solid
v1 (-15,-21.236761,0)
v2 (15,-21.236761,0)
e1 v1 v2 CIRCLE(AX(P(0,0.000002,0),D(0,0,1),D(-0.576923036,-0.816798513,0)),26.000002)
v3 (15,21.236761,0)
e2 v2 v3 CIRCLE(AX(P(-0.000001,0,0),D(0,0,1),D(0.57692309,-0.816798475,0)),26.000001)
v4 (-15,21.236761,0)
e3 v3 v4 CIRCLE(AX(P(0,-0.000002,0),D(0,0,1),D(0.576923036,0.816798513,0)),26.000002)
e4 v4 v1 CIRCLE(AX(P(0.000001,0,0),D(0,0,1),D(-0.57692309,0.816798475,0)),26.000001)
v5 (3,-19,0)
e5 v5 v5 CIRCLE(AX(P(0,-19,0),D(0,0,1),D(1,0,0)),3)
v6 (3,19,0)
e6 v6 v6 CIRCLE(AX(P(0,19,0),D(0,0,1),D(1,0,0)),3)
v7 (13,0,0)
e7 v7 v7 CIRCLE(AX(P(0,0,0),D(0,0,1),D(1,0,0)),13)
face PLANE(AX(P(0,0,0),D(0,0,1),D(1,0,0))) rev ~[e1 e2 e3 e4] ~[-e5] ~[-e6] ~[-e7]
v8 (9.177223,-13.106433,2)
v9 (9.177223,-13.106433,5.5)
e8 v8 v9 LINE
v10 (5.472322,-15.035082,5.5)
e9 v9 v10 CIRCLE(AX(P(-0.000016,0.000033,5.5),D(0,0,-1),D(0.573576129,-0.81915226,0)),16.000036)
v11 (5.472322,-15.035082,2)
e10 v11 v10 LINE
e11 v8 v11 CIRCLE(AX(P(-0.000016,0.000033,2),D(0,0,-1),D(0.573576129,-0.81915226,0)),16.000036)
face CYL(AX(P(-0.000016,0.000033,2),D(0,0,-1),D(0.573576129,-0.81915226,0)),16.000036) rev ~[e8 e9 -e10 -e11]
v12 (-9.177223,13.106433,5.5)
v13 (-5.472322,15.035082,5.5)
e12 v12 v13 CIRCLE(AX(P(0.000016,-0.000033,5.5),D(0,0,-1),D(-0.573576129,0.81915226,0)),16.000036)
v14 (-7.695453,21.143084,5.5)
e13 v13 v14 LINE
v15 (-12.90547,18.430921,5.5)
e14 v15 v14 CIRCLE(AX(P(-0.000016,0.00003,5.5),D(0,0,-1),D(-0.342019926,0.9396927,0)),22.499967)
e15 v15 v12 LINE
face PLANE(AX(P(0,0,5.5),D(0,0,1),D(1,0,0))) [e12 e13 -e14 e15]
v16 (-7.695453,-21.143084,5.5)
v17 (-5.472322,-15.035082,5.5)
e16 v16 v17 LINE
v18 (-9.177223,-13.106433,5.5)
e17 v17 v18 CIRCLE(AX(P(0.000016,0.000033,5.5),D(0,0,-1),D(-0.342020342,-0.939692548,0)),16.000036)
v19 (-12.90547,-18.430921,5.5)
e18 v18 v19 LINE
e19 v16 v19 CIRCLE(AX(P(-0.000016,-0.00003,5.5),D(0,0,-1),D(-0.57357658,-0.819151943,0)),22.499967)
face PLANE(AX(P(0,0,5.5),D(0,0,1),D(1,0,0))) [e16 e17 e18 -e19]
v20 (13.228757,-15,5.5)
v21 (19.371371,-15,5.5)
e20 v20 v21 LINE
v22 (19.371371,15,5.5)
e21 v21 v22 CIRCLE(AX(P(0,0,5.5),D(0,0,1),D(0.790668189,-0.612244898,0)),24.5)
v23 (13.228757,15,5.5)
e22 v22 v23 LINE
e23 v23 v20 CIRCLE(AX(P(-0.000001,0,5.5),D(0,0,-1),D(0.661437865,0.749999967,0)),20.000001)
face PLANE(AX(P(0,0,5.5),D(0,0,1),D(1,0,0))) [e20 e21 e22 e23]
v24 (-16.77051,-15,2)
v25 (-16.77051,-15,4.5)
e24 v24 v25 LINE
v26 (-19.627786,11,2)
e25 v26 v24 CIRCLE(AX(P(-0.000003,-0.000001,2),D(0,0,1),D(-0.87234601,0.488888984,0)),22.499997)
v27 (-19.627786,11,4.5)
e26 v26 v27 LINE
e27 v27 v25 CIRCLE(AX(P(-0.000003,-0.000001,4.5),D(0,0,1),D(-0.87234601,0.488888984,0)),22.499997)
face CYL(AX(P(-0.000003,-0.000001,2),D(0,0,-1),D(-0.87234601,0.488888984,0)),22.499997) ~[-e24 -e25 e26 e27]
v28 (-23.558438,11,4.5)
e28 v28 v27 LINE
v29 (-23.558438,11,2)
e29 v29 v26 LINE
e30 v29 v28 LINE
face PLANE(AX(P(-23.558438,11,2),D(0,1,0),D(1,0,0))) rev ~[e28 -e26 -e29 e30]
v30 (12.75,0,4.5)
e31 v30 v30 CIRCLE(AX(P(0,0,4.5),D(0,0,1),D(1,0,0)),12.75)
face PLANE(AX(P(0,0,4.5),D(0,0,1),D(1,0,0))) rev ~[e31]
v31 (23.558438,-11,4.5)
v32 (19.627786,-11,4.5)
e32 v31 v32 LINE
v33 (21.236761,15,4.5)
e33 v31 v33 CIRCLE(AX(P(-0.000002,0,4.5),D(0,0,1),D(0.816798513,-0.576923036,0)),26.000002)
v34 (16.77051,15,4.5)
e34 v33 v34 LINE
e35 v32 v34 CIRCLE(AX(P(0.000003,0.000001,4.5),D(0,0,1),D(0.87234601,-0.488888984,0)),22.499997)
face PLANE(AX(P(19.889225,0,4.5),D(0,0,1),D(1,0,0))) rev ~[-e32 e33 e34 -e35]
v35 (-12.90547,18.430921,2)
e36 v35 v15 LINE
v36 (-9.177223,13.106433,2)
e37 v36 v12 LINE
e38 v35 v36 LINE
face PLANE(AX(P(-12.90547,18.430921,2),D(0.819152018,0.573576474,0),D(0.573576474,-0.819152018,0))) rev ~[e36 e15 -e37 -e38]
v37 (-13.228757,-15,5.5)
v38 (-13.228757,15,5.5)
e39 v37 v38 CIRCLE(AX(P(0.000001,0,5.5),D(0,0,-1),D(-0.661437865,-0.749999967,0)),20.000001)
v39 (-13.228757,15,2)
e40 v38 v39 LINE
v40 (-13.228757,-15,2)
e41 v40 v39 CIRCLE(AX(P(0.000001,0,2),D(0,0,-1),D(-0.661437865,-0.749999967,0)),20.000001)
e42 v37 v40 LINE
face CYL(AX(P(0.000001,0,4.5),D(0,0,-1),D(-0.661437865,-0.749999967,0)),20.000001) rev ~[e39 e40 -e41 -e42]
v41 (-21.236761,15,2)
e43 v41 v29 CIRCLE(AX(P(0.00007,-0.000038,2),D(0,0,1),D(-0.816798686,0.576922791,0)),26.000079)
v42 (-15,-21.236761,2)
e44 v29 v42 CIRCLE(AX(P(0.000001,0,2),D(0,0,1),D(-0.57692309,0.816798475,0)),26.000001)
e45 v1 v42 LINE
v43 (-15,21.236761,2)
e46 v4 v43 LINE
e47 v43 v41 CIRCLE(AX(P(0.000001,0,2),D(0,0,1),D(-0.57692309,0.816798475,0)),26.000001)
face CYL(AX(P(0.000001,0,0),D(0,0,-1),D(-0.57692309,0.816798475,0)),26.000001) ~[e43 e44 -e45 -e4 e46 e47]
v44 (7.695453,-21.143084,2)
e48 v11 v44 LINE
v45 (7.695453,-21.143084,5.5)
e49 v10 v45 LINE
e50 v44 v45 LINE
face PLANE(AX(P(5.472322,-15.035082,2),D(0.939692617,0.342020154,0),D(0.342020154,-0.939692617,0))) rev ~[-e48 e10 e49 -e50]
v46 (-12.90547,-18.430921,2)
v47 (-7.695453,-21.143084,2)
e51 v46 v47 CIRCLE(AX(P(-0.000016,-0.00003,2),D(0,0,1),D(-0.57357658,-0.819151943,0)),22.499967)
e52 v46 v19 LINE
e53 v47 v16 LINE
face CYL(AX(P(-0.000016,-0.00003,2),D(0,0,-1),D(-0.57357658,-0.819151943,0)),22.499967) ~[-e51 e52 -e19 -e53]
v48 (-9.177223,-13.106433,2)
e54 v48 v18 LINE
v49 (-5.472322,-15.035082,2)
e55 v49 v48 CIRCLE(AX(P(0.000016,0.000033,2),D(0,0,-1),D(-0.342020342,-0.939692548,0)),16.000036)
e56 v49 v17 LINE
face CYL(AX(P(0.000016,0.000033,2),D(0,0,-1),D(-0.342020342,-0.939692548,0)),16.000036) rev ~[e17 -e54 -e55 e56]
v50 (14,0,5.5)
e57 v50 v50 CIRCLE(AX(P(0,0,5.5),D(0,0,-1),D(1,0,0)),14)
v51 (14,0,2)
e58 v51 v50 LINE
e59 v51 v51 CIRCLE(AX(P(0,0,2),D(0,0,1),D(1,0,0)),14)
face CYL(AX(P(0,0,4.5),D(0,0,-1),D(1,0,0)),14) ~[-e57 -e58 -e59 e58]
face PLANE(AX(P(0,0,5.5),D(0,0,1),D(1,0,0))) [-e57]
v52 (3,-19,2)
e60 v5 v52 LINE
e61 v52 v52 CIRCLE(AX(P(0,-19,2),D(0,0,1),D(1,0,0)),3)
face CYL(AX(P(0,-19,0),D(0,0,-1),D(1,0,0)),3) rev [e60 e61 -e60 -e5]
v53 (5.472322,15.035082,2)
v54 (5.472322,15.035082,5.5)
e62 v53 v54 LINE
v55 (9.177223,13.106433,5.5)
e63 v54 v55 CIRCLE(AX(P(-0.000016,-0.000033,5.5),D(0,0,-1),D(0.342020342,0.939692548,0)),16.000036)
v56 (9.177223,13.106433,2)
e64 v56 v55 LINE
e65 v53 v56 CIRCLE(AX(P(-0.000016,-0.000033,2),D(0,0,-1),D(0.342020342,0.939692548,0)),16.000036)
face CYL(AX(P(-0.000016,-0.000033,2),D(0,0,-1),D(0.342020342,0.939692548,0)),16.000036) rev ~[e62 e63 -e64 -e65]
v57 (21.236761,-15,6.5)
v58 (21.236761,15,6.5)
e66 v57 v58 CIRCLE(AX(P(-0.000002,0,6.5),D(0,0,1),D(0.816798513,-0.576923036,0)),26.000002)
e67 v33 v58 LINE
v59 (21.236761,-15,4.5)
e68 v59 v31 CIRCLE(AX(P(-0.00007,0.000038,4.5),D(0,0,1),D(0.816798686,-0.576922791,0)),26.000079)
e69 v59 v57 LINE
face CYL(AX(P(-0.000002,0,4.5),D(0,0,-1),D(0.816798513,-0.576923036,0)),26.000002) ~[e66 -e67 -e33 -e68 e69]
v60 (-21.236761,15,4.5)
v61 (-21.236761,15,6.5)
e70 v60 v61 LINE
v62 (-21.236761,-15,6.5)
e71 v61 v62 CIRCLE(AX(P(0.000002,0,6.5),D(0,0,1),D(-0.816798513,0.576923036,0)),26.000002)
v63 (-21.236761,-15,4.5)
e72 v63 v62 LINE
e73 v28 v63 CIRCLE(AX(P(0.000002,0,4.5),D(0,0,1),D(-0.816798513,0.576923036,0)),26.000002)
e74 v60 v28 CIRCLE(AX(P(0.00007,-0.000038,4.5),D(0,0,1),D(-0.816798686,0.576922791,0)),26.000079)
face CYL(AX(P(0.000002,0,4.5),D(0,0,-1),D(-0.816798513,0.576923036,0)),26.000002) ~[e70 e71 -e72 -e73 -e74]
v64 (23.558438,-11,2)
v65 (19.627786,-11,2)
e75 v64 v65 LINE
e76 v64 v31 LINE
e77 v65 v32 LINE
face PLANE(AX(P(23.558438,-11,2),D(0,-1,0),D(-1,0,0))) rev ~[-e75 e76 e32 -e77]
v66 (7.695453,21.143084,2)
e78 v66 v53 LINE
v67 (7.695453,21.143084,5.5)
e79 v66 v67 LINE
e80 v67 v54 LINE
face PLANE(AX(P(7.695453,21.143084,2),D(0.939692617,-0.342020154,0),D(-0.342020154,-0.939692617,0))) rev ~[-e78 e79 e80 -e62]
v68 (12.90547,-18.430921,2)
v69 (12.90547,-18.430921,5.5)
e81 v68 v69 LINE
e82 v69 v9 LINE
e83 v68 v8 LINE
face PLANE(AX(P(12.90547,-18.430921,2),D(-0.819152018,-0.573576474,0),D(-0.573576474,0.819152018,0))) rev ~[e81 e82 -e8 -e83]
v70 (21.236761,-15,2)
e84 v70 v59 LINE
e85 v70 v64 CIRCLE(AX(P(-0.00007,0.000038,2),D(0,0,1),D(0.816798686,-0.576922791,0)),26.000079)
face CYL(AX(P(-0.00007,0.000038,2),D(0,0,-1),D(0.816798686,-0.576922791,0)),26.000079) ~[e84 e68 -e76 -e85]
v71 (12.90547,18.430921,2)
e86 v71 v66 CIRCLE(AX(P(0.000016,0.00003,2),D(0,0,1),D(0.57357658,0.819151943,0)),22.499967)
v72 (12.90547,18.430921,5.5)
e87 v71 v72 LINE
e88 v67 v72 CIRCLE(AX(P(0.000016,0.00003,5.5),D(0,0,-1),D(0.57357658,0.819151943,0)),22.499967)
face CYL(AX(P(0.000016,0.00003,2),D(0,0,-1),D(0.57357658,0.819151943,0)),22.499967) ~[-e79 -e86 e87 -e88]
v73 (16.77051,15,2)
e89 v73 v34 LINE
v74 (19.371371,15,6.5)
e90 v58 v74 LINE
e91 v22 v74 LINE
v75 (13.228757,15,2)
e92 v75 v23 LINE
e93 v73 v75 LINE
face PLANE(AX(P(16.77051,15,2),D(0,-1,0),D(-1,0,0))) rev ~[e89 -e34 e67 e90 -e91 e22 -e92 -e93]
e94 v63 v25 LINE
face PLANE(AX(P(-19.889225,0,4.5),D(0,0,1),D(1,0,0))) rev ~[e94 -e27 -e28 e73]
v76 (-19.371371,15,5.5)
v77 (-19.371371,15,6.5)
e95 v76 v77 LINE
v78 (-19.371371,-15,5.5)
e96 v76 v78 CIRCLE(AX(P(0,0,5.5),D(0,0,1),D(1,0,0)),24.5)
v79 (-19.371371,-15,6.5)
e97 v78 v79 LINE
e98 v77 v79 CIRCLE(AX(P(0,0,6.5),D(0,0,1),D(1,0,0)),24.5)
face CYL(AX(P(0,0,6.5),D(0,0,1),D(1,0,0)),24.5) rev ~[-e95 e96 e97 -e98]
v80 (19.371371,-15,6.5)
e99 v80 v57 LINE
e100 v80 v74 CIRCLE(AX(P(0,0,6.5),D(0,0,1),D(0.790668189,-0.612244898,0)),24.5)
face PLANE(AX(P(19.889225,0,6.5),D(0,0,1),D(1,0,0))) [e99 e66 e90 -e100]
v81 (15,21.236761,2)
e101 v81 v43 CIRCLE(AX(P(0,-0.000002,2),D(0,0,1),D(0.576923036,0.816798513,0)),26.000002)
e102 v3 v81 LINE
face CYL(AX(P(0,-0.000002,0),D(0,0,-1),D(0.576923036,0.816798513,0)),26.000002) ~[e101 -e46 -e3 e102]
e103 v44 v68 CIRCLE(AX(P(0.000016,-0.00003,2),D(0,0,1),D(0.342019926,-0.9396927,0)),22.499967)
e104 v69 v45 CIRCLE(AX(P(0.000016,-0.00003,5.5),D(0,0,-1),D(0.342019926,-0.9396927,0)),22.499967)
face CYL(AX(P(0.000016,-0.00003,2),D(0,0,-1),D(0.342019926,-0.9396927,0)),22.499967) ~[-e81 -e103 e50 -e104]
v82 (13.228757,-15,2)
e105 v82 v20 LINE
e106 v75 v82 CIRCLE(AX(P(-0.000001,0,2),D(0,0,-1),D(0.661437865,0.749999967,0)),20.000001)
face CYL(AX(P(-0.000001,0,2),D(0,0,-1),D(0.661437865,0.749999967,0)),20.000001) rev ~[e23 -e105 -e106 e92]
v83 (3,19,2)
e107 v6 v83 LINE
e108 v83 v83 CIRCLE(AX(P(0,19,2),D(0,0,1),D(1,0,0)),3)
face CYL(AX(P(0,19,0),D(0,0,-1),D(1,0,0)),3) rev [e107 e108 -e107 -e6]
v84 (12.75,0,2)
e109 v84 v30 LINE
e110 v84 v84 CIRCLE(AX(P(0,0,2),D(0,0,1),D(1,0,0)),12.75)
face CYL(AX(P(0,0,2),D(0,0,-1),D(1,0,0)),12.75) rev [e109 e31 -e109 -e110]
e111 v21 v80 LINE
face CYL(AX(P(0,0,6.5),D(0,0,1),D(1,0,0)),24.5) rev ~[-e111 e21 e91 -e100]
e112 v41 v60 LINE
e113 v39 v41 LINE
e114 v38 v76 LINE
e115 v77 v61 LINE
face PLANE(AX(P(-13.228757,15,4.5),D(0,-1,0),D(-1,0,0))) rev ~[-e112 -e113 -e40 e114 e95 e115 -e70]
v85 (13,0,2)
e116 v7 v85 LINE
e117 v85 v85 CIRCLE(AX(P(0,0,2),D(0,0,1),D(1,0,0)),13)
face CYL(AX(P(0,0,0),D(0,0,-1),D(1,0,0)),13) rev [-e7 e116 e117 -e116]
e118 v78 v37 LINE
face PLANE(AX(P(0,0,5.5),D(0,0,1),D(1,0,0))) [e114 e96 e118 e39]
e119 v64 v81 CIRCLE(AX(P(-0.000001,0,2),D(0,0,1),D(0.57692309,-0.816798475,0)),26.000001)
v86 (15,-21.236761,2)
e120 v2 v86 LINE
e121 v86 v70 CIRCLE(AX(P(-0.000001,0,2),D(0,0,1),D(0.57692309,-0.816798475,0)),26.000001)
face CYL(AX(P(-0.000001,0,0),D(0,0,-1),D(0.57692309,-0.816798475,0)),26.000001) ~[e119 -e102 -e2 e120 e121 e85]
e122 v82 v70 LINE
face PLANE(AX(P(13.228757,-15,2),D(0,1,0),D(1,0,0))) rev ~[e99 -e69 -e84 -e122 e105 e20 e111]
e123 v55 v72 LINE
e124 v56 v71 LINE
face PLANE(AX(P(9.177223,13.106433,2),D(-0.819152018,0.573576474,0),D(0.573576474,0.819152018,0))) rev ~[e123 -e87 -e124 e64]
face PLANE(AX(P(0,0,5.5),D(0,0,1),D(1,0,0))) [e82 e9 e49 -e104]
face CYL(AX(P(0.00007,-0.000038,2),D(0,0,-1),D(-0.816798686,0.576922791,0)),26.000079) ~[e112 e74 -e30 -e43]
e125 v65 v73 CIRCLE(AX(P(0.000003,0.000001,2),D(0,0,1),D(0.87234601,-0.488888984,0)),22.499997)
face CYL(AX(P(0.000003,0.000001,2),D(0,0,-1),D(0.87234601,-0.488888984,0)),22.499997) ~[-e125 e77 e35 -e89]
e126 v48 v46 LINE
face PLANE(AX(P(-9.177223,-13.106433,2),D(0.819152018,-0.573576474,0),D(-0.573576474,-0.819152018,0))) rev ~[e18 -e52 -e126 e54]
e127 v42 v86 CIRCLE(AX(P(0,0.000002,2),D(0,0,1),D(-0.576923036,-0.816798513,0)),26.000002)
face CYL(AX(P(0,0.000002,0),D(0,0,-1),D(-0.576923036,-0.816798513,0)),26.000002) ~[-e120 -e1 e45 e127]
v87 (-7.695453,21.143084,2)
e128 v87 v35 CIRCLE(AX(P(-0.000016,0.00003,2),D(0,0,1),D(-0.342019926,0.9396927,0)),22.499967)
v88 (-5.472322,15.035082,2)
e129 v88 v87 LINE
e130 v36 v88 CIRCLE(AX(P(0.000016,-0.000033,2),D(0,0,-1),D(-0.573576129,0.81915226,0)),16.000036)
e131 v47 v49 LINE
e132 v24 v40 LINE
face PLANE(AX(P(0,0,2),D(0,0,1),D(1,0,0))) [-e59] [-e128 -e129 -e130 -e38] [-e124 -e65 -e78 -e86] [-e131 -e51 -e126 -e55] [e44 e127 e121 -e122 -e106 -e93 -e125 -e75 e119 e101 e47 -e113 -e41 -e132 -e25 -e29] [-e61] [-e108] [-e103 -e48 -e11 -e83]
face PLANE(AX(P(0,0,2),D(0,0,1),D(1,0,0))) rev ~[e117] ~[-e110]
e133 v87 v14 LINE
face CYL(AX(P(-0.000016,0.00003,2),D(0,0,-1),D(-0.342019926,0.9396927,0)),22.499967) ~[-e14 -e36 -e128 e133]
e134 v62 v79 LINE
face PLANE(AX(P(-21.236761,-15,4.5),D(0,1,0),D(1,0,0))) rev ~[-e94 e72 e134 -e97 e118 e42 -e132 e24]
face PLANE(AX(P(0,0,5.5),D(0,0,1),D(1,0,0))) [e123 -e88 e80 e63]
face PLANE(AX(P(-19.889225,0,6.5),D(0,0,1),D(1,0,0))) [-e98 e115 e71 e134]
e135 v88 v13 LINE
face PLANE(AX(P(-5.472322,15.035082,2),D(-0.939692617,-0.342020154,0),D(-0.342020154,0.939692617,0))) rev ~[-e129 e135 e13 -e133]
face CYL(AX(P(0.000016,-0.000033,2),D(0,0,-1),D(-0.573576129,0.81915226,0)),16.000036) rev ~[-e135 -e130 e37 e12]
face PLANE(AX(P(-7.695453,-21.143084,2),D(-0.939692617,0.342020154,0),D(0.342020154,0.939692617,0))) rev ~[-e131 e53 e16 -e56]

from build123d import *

# Parameters (mm, degrees)
F0_R      = 3
F0_R_2    = 13
F1_DEPTH  = 2
F2_R      = 14
F2_R_2    = 12.75
F3_DEPTH  = 2.5
F4_R      = 14
F5_DEPTH  = 2
F7_DEPTH  = 2.5
F9_DEPTH  = 2
F11_DEPTH = 4.5
F12_R     = 24.5
F13_DEPTH = 1


with BuildPart() as f1:
    # F0 (on Top) → F1 (new body)
    with BuildSketch(Plane.XY):
        with BuildLine():
            ThreePointArc((-15, 21.236761), (-26, 0), (-15, -21.236761))
            ThreePointArc((-15, -21.236761), (0, -26), (15, -21.236761))
            ThreePointArc((15, -21.236761), (26, 0), (15, 21.236761))
            ThreePointArc((15, 21.236761), (0, 26), (-15, 21.236761))
        make_face()
        with Locations((0, -19)):
            Circle(F0_R, mode=Mode.SUBTRACT)
        Circle(F0_R_2, mode=Mode.SUBTRACT)
        with Locations((0, 19)):
            Circle(F0_R, mode=Mode.SUBTRACT)
    extrude(amount=F1_DEPTH)

    # F2 (on face) → F3 (join)
    with BuildSketch(Plane.XY.offset(2)):
        Circle(F2_R)
        Circle(F2_R_2, mode=Mode.SUBTRACT)
    extrude(amount=F3_DEPTH)

    # F4 (on face) → F5 (join)
    with BuildSketch(Plane.XY.offset(4.5)):
        Circle(F4_R)
    extrude(amount=F5_DEPTH)

    # F6 (on face) → F7 (join)
    with BuildSketch(Plane.XY.offset(2)):
        with BuildLine():
            Line((23.558438, -11), (19.627786, -11))
            ThreePointArc((19.627786, -11), (22.365353, 2.457846), (16.77051, 15))
            Line((16.77051, 15), (13.228757, 15))
            ThreePointArc((13.228757, 15), (20, 0), (13.228757, -15))
            Line((13.228757, -15), (16.77051, -15))
            Line((16.77051, -15), (21.236761, -15))
            ThreePointArc((21.236761, -15), (22.486717, -13.051726), (23.558438, -11))
        make_face()
        with BuildLine():
            Line((-13.228757, 15), (-16.77051, 15))
            Line((-16.77051, 15), (-21.236761, 15))
            ThreePointArc((-21.236761, 15), (-22.486717, 13.051726), (-23.558438, 11))
            Line((-23.558438, 11), (-19.627786, 11))
            ThreePointArc((-19.627786, 11), (-22.365353, -2.457846), (-16.77051, -15))
            Line((-16.77051, -15), (-13.228757, -15))
            ThreePointArc((-13.228757, -15), (-20, 0), (-13.228757, 15))
        make_face()
    extrude(amount=F7_DEPTH)

    # F8 (on face) → F9 (join)
    with BuildSketch(Plane.XY.offset(4.5)):
        with BuildLine():
            Line((-13.228757, 15), (-21.236761, 15))
            ThreePointArc((-21.236761, 15), (-26, 0), (-21.236761, -15))
            Line((-21.236761, -15), (-13.228757, -15))
            ThreePointArc((-13.228757, -15), (-20, 0), (-13.228757, 15))
        make_face()
        with BuildLine():
            ThreePointArc((21.236761, -15), (26, 0), (21.236761, 15))
            Line((21.236761, 15), (13.228757, 15))
            ThreePointArc((13.228757, 15), (20, 0), (13.228757, -15))
            Line((13.228757, -15), (21.236761, -15))
        make_face()
    extrude(amount=F9_DEPTH)

    # F10 (on face) → F11 (join)
    with BuildSketch(Plane.XY.offset(2)):
        with BuildLine():
            ThreePointArc((-9.177223, 13.106433), (-7.387978, 14.192173), (-5.472322, 15.035082))
            Line((-5.472322, 15.035082), (-7.695453, 21.143084))
            ThreePointArc((-7.695453, 21.143084), (-10.389344, 19.957744), (-12.90547, 18.430921))
            Line((-12.90547, 18.430921), (-9.177223, 13.106433))
        make_face()
        with BuildLine():
            Line((7.695453, 21.143084), (5.472322, 15.035082))
            ThreePointArc((5.472322, 15.035082), (7.387978, 14.192173), (9.177223, 13.106433))
            Line((9.177223, 13.106433), (12.90547, 18.430921))
            ThreePointArc((12.90547, 18.430921), (10.389344, 19.957744), (7.695453, 21.143084))
        make_face()
        with BuildLine():
            Line((-7.695453, -21.143084), (-5.472322, -15.035082))
            ThreePointArc((-5.472322, -15.035082), (-7.387978, -14.192173), (-9.177223, -13.106433))
            Line((-9.177223, -13.106433), (-12.90547, -18.430921))
            ThreePointArc((-12.90547, -18.430921), (-10.389344, -19.957744), (-7.695453, -21.143084))
        make_face()
        with BuildLine():
            ThreePointArc((9.177223, -13.106433), (7.387978, -14.192173), (5.472322, -15.035082))
            Line((5.472322, -15.035082), (7.695453, -21.143084))
            ThreePointArc((7.695453, -21.143084), (10.389344, -19.957744), (12.90547, -18.430921))
            Line((12.90547, -18.430921), (9.177223, -13.106433))
        make_face()
    extrude(amount=F11_DEPTH)

    # F12 (on face) → F13 (cut)
    with BuildSketch(Plane.XY.offset(6.5)):
        Circle(F12_R)
    extrude(amount=-F13_DEPTH, mode=Mode.SUBTRACT)


solid = f1.part
